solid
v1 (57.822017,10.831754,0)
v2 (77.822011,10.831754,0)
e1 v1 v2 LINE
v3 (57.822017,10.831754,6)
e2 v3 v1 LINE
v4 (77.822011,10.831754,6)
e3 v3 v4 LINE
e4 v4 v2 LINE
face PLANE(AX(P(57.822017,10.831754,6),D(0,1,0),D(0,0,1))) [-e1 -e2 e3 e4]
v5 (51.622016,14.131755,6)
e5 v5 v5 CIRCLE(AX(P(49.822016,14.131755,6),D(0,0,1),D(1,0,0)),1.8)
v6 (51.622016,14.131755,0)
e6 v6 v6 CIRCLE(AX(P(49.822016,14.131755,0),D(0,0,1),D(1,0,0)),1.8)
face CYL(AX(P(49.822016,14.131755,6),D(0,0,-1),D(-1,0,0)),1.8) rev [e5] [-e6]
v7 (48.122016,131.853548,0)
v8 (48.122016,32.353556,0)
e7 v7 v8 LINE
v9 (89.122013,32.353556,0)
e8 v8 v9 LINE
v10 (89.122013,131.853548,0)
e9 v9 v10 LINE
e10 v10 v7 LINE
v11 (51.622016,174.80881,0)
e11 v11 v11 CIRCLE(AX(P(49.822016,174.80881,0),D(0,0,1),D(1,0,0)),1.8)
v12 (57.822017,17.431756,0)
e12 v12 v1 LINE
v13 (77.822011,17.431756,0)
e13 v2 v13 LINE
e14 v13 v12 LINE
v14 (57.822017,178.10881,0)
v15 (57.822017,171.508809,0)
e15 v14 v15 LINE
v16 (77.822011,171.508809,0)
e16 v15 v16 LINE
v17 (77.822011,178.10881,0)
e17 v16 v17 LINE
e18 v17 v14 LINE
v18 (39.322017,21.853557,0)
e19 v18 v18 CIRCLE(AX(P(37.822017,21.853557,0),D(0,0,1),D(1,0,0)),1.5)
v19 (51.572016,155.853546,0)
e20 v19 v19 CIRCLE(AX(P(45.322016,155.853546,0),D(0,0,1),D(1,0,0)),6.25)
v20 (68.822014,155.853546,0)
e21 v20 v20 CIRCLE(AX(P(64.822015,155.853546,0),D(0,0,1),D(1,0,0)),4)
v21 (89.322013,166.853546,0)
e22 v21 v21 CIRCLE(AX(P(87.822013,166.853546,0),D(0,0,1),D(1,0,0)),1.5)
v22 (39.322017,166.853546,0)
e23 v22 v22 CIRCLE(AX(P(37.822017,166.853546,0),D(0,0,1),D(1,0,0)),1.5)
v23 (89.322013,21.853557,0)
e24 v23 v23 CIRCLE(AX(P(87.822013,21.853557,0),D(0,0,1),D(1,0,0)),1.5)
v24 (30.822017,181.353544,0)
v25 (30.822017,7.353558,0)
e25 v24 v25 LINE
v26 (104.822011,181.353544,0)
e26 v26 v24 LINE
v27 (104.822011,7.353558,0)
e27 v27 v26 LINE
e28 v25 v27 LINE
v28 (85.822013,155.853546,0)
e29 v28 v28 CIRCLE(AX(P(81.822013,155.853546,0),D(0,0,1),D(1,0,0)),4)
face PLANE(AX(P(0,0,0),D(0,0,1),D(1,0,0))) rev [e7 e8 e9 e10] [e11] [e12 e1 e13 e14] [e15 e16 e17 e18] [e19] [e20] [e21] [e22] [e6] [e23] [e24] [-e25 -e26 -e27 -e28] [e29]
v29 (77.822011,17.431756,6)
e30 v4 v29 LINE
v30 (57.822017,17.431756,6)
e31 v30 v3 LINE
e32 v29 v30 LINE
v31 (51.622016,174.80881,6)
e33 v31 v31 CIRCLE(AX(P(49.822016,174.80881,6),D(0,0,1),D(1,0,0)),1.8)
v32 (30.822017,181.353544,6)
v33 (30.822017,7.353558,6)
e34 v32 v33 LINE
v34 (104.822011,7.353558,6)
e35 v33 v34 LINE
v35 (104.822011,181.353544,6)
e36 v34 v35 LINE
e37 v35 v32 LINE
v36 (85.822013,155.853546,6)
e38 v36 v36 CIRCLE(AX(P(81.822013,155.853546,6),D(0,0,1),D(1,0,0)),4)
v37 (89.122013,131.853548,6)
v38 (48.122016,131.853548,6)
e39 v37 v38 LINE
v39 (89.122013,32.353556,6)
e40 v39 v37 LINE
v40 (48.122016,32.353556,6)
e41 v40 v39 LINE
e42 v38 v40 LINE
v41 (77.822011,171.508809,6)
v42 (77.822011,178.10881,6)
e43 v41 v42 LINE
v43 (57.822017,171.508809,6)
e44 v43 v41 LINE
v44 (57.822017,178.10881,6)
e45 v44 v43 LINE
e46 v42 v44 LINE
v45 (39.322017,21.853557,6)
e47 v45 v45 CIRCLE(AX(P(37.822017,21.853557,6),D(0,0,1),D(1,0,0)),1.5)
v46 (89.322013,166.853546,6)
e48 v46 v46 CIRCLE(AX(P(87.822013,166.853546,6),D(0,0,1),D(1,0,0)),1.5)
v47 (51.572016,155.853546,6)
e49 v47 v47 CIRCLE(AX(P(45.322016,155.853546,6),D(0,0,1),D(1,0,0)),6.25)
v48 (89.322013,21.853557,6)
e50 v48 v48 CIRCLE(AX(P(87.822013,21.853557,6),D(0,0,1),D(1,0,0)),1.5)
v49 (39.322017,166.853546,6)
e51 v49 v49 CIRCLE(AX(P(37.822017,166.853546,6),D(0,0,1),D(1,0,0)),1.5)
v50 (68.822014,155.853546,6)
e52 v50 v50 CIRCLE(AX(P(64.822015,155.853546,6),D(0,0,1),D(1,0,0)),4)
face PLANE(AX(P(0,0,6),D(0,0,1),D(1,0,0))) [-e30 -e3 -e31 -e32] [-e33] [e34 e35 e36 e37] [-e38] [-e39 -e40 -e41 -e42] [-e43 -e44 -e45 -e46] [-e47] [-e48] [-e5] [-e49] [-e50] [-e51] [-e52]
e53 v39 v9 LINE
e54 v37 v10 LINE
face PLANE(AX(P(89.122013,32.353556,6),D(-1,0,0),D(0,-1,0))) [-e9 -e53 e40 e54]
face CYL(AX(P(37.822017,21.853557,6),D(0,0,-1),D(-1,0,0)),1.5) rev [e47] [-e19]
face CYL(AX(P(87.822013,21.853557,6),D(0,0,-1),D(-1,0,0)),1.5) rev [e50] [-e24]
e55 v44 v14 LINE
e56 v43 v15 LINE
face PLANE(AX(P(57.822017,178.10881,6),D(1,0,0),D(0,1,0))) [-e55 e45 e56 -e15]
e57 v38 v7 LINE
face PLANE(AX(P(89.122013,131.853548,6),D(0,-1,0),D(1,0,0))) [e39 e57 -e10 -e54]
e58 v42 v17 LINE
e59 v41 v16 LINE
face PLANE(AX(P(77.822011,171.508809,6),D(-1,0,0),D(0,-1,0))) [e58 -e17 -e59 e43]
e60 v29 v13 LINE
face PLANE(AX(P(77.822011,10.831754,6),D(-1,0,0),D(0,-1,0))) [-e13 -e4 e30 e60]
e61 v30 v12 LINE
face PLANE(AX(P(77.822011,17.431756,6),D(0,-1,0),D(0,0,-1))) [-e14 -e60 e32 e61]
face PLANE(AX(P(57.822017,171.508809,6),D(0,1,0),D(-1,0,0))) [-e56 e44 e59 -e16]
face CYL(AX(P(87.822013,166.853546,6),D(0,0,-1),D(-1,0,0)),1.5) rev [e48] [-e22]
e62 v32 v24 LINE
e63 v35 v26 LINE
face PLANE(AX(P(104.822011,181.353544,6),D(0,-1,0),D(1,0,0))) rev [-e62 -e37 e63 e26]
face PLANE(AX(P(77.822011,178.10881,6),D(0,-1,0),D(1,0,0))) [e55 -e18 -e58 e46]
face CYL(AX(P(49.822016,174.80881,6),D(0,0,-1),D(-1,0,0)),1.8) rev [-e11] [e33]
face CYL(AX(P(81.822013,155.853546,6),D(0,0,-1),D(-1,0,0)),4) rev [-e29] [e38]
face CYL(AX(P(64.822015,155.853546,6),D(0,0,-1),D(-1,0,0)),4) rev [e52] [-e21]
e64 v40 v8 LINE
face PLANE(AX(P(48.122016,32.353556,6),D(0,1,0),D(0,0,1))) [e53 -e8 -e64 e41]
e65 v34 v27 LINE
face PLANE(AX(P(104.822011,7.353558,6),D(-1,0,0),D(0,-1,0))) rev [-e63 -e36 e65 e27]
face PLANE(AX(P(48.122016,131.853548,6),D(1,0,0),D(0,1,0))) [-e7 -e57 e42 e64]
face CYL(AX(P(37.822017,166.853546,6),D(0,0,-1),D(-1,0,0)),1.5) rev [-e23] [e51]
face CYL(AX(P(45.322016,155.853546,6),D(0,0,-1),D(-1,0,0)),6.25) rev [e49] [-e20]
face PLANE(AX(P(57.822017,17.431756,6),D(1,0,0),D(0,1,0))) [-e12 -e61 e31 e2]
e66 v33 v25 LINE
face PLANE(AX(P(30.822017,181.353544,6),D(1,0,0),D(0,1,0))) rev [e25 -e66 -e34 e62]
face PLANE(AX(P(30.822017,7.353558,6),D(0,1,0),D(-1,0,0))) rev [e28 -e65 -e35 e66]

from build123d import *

# Parameters (mm, degrees)
MODEL_W                  = 73.99999408
MODEL_H                  = 173.99998608
MODEL_R                  = 1.5
MODEL_R_2                = 1.799999856
MODEL_R_3                = 1.49999988
MODEL_R_4                = 3.99999968
MODEL_R_5                = 6.2499995
MODEL_W_2                = 40.99999672
MODEL_H_2                = 99.49999204
MODEL_W_3                = 19.999994237
MODEL_H_3                = 6.600001389
RESSALTO_EXTRUS_O1_DEPTH = 6


with BuildPart() as part:
    # Model → Ressalto-extrusão1 (new body)
    with BuildSketch(Plane.XY):
        with Locations((67.822014365, 94.353551358)):
            Rectangle(MODEL_W, MODEL_H)
        with Locations((87.822012765, 21.853557158)):
            Circle(MODEL_R, mode=Mode.SUBTRACT)
        with Locations((49.822015805, 14.131755092)):
            Circle(MODEL_R_2, mode=Mode.SUBTRACT)
        with Locations((37.822016765, 21.853557158)):
            Circle(MODEL_R_3, mode=Mode.SUBTRACT)
        with Locations((87.822012765, 166.853545558)):
            Circle(MODEL_R_3, mode=Mode.SUBTRACT)
        with Locations((81.822013245, 155.853546358)):
            Circle(MODEL_R_4, mode=Mode.SUBTRACT)
        with Locations((64.822014605, 155.853546358)):
            Circle(MODEL_R_4, mode=Mode.SUBTRACT)
        with Locations((45.322016165, 155.853546358)):
            Circle(MODEL_R_5, mode=Mode.SUBTRACT)
        with Locations((37.822016765, 166.853545558)):
            Circle(MODEL_R_3, mode=Mode.SUBTRACT)
        with Locations((49.822015805, 174.808809717)):
            Circle(MODEL_R_2, mode=Mode.SUBTRACT)
        with Locations((68.622014301, 82.103552338)):
            Rectangle(MODEL_W_2, MODEL_H_2, mode=Mode.SUBTRACT)
        with Locations((67.822014365, 14.131755092)):
            Rectangle(MODEL_W_3, MODEL_H_3, mode=Mode.SUBTRACT)
        with Locations((67.822014365, 174.808809717)):
            Rectangle(MODEL_W_3, MODEL_H_3, mode=Mode.SUBTRACT)
    extrude(amount=RESSALTO_EXTRUS_O1_DEPTH)


solid = part.part
